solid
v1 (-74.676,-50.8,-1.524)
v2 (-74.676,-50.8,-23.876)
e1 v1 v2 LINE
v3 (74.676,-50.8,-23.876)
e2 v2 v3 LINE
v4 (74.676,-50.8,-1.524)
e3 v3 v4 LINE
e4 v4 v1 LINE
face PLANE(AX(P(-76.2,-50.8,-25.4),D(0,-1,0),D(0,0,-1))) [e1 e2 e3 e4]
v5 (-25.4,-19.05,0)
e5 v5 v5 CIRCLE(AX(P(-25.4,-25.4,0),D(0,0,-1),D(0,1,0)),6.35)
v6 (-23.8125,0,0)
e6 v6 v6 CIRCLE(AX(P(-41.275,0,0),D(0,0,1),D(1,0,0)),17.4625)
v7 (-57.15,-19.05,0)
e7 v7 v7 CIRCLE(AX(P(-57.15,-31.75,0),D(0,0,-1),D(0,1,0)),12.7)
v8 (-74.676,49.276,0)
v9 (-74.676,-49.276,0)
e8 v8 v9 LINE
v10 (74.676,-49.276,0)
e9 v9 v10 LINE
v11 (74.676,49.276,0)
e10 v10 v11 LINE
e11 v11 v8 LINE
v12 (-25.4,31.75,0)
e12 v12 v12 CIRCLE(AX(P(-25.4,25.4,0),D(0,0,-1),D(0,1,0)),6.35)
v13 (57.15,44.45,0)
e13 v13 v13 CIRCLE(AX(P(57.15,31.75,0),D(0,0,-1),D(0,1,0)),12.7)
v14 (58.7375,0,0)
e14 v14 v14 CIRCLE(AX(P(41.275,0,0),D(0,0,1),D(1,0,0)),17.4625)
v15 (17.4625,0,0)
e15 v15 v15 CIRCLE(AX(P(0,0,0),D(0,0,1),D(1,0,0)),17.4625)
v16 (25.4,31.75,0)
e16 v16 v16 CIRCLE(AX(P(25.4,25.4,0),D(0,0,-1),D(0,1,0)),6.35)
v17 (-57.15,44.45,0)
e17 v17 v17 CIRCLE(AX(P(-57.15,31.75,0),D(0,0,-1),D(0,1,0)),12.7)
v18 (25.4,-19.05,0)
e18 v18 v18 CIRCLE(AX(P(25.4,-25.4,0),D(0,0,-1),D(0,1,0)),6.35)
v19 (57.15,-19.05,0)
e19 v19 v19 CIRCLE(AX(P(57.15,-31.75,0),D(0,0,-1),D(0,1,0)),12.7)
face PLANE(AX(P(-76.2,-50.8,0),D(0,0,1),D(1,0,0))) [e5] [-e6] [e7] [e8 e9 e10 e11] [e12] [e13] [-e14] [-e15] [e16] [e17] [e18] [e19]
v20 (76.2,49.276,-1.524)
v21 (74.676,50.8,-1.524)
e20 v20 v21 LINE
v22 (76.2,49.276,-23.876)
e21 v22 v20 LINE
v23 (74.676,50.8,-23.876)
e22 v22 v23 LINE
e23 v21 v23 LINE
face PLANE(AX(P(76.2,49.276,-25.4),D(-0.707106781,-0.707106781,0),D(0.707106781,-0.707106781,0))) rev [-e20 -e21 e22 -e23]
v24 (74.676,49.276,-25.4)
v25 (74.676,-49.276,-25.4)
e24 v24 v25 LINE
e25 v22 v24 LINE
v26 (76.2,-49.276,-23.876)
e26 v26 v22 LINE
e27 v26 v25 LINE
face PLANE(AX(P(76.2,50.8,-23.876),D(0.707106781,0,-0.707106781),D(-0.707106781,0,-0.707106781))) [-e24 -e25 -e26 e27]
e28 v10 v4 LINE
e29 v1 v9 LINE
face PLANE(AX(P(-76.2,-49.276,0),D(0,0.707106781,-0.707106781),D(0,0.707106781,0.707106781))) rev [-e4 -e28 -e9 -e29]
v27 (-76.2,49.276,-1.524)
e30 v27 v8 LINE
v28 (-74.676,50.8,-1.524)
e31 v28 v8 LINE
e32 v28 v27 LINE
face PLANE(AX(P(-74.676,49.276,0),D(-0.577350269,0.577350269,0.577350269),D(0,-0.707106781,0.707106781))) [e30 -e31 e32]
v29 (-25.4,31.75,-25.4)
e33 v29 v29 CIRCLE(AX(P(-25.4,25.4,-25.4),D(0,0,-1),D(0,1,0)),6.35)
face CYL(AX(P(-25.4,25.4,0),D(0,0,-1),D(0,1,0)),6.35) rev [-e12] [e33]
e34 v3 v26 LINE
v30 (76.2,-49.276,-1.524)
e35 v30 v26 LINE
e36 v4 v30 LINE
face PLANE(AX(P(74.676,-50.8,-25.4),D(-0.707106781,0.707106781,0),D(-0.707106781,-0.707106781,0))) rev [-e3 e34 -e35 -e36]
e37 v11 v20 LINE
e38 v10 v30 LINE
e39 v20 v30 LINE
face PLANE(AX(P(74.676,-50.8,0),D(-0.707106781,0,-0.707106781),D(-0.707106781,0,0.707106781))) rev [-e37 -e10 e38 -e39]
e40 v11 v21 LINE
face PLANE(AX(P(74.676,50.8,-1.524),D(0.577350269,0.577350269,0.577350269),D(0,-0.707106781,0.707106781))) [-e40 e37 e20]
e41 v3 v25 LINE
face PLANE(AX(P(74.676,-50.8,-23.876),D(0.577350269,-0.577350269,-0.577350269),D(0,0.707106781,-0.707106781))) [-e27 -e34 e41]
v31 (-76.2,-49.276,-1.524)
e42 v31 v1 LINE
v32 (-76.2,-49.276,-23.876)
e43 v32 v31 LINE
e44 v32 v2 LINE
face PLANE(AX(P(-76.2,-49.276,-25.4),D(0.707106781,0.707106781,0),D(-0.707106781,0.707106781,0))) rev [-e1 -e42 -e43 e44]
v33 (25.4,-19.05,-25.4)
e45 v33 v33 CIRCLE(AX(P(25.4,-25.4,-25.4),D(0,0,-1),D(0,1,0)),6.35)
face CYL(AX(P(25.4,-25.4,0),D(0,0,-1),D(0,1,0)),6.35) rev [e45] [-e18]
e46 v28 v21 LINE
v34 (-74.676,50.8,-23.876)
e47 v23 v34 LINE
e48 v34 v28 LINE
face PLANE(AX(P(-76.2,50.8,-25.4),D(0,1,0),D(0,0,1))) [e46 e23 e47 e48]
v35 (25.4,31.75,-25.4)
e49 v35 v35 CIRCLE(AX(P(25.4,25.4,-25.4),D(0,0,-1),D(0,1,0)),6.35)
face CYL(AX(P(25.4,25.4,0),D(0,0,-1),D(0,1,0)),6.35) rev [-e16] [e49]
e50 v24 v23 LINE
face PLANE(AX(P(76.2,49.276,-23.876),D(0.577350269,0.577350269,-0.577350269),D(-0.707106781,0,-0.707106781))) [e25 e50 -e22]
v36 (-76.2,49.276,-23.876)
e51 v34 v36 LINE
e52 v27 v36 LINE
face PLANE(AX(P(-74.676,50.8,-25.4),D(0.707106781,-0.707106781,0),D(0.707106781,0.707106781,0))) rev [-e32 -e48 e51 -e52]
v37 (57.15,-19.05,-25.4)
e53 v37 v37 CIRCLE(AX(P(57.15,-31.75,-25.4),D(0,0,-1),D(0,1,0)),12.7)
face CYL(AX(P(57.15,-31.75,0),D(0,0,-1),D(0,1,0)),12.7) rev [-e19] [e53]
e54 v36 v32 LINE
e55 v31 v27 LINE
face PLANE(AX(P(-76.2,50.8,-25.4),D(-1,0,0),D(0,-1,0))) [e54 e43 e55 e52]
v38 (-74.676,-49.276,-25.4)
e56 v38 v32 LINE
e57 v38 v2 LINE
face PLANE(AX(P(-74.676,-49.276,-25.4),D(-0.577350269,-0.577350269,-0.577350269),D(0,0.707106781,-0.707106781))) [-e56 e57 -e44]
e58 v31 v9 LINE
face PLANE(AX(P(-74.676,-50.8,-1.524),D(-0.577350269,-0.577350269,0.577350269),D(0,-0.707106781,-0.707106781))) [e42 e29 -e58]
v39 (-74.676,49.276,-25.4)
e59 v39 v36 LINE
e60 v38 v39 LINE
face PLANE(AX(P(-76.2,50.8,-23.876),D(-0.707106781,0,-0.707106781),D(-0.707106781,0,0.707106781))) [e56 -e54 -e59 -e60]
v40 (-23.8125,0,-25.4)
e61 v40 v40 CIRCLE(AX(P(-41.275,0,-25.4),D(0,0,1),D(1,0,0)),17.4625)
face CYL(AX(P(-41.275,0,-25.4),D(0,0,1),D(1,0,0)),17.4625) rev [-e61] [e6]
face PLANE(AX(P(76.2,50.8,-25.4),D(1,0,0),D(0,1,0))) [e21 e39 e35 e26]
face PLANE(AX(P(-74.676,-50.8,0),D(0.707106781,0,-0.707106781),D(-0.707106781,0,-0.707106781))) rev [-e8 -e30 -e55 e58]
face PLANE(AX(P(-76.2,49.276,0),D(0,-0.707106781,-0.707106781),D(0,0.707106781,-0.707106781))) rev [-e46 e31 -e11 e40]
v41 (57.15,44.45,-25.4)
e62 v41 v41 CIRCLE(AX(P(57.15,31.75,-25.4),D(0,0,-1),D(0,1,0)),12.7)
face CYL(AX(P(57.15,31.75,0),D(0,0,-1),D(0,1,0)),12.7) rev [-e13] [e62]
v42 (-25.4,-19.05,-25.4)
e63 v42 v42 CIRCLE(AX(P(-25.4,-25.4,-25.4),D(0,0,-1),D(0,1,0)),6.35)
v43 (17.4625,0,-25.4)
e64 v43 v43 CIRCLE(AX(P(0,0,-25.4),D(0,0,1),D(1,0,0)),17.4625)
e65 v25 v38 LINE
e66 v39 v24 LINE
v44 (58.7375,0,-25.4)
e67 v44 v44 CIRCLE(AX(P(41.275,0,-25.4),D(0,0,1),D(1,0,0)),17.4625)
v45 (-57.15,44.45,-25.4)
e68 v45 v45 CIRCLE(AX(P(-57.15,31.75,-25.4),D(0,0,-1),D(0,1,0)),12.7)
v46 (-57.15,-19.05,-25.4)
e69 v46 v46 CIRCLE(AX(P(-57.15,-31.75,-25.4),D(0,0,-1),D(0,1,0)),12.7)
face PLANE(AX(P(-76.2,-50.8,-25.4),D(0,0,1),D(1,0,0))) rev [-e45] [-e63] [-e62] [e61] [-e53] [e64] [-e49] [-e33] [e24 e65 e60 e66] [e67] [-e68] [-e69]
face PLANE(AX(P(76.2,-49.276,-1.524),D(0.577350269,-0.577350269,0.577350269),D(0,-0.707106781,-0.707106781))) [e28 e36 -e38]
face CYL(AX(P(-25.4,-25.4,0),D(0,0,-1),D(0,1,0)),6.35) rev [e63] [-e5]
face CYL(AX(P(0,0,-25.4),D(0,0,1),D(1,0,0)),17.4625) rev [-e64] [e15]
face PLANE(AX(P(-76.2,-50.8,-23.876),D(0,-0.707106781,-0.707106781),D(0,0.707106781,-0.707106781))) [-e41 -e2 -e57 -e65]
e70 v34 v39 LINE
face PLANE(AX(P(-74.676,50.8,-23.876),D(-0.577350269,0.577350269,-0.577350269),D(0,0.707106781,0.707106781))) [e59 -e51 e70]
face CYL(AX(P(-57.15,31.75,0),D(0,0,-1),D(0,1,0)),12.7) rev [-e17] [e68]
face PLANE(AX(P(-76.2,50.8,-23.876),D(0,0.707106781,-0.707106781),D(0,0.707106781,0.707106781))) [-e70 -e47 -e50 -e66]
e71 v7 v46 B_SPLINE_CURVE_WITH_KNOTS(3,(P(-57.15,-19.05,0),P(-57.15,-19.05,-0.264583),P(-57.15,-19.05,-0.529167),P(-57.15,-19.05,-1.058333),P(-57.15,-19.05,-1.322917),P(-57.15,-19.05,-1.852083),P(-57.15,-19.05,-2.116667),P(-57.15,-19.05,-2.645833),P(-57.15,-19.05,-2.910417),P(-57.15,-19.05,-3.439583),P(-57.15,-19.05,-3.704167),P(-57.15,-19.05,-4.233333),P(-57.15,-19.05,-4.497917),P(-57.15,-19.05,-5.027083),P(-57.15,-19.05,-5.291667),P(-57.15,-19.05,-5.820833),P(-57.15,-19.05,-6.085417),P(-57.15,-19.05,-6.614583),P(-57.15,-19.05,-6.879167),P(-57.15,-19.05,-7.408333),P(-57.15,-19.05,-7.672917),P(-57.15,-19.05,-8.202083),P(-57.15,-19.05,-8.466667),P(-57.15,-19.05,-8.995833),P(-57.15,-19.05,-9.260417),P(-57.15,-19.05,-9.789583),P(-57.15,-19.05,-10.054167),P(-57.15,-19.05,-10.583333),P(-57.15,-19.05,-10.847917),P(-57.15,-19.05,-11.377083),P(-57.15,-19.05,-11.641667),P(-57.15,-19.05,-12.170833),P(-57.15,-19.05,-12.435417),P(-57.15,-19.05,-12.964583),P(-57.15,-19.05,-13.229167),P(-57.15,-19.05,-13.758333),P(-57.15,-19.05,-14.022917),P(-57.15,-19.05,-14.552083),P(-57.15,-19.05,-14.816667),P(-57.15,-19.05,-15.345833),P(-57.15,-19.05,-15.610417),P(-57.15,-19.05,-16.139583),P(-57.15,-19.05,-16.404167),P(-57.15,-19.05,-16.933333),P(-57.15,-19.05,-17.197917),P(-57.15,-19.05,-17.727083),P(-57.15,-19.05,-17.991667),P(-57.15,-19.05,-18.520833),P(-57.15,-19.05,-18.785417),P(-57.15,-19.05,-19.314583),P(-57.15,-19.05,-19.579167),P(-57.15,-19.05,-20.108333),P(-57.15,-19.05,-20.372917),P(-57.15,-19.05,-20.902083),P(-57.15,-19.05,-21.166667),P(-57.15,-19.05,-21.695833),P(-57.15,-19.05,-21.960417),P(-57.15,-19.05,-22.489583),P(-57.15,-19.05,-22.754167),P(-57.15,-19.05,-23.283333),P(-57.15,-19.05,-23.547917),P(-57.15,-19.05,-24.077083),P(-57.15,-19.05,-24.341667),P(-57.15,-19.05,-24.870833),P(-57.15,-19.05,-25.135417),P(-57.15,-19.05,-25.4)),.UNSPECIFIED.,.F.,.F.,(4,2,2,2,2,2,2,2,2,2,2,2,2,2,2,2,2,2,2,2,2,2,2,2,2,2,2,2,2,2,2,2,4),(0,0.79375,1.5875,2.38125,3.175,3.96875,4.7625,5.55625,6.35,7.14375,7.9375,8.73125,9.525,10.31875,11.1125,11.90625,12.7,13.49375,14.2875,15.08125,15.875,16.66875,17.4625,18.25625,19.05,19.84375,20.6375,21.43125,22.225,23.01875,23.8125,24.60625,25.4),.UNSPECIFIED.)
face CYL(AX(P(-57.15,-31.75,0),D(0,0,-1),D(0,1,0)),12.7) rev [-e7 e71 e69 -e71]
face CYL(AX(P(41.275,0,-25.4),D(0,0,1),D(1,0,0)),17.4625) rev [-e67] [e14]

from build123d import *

# Parameters (mm, degrees)
SKETCH1_W            = 152.4
SKETCH1_H            = 101.6
EXTRUDE1_DEPTH       = 25.4
SKETCH2_R            = 6.35
CUT_EXTRUDE2_DEPTH   = 96.038097624
LPATTERN1_COUNT      = 2
LPATTERN1_PITCH      = 50.8
LPATTERN1_COUNT_DIR2 = 2
LPATTERN1_PITCH_DIR2 = 50.8
SKETCH3_R            = 12.7
CUT_EXTRUDE3_DEPTH   = 96.038097624
LPATTERN2_COUNT      = 2
LPATTERN2_PITCH      = 63.5
LPATTERN2_COUNT_DIR2 = 2
LPATTERN2_PITCH_DIR2 = 114.3
CHAMFER1_SIZE        = 1.524
SKETCH4_R            = 17.4625
CUT_EXTRUDE5_DEPTH   = 96.038097624
LPATTERN3_COUNT      = 3
LPATTERN3_PITCH      = 41.275


with BuildPart() as part:
    # Sketch1 → Extrude1 (new body)
    with BuildSketch(Plane.XY):
        Rectangle(SKETCH1_W, SKETCH1_H)
    extrude(amount=-EXTRUDE1_DEPTH)

    # Sketch2 → Cut-Extrude2 (cut, through all)
    with BuildSketch(Plane(origin=(0, 0, -25.4), x_dir=(1, 0, 0), z_dir=(0, 0, -1))):
        with Locations(Location((-25.4, -25.4, 0), (0, 0, 270))):
            Circle(SKETCH2_R)
    cut_extrude2 = extrude(amount=-CUT_EXTRUDE2_DEPTH, mode=Mode.SUBTRACT)

    # LPattern1: Cut-Extrude2 2 × 2
    with Locations(*[(i * LPATTERN1_PITCH, -j * LPATTERN1_PITCH_DIR2, 0) for i in range(LPATTERN1_COUNT) for j in range(LPATTERN1_COUNT_DIR2) if (i, j) != (0, 0)]):
        add(cut_extrude2, mode=Mode.SUBTRACT)

    # Sketch3 → Cut-Extrude3 (cut, through all)
    with BuildSketch(Plane(origin=(0, 0, -25.4), x_dir=(1, 0, 0), z_dir=(0, 0, -1))):
        with Locations(Location((57.15, 31.75, 0), (0, 0, 270))):
            Circle(SKETCH3_R)
    cut_extrude3 = extrude(amount=-CUT_EXTRUDE3_DEPTH, mode=Mode.SUBTRACT)

    # LPattern2: Cut-Extrude3 2 × 2
    with Locations(*[(-j * LPATTERN2_PITCH_DIR2, i * LPATTERN2_PITCH, 0) for i in range(LPATTERN2_COUNT) for j in range(LPATTERN2_COUNT_DIR2) if (i, j) != (0, 0)]):
        add(cut_extrude3, mode=Mode.SUBTRACT)

    # Chamfer1
    chamfer1_edges = [part.edges().sort_by_distance(p)[0] for p in [
        (76.2, 0, -25.4),
        (0, 50.8, -25.4),
        (-76.2, 0, -25.4),
        (0, 50.8, 0),
        (76.2, 0, 0),
        (0, -50.8, 0),
        (-76.2, 0, 0),
        (0, -50.8, -25.4),
        (-76.2, 50.8, -12.7),
        (76.2, 50.8, -12.7),
        (76.2, -50.8, -12.7),
        (-76.2, -50.8, -12.7),
    ]]
    chamfer(chamfer1_edges, length=CHAMFER1_SIZE)

    # Sketch4 → Cut-Extrude5 (cut, through all)
    with BuildSketch(Plane.XY):
        with Locations((41.275, 0)):
            Circle(SKETCH4_R)
    cut_extrude5 = extrude(amount=-CUT_EXTRUDE5_DEPTH, mode=Mode.SUBTRACT)

    # LPattern3: Cut-Extrude5 ×3
    with Locations(*[(-i * LPATTERN3_PITCH, 0, 0) for i in range(1, LPATTERN3_COUNT)]):
        add(cut_extrude5, mode=Mode.SUBTRACT)


solid = part.part
